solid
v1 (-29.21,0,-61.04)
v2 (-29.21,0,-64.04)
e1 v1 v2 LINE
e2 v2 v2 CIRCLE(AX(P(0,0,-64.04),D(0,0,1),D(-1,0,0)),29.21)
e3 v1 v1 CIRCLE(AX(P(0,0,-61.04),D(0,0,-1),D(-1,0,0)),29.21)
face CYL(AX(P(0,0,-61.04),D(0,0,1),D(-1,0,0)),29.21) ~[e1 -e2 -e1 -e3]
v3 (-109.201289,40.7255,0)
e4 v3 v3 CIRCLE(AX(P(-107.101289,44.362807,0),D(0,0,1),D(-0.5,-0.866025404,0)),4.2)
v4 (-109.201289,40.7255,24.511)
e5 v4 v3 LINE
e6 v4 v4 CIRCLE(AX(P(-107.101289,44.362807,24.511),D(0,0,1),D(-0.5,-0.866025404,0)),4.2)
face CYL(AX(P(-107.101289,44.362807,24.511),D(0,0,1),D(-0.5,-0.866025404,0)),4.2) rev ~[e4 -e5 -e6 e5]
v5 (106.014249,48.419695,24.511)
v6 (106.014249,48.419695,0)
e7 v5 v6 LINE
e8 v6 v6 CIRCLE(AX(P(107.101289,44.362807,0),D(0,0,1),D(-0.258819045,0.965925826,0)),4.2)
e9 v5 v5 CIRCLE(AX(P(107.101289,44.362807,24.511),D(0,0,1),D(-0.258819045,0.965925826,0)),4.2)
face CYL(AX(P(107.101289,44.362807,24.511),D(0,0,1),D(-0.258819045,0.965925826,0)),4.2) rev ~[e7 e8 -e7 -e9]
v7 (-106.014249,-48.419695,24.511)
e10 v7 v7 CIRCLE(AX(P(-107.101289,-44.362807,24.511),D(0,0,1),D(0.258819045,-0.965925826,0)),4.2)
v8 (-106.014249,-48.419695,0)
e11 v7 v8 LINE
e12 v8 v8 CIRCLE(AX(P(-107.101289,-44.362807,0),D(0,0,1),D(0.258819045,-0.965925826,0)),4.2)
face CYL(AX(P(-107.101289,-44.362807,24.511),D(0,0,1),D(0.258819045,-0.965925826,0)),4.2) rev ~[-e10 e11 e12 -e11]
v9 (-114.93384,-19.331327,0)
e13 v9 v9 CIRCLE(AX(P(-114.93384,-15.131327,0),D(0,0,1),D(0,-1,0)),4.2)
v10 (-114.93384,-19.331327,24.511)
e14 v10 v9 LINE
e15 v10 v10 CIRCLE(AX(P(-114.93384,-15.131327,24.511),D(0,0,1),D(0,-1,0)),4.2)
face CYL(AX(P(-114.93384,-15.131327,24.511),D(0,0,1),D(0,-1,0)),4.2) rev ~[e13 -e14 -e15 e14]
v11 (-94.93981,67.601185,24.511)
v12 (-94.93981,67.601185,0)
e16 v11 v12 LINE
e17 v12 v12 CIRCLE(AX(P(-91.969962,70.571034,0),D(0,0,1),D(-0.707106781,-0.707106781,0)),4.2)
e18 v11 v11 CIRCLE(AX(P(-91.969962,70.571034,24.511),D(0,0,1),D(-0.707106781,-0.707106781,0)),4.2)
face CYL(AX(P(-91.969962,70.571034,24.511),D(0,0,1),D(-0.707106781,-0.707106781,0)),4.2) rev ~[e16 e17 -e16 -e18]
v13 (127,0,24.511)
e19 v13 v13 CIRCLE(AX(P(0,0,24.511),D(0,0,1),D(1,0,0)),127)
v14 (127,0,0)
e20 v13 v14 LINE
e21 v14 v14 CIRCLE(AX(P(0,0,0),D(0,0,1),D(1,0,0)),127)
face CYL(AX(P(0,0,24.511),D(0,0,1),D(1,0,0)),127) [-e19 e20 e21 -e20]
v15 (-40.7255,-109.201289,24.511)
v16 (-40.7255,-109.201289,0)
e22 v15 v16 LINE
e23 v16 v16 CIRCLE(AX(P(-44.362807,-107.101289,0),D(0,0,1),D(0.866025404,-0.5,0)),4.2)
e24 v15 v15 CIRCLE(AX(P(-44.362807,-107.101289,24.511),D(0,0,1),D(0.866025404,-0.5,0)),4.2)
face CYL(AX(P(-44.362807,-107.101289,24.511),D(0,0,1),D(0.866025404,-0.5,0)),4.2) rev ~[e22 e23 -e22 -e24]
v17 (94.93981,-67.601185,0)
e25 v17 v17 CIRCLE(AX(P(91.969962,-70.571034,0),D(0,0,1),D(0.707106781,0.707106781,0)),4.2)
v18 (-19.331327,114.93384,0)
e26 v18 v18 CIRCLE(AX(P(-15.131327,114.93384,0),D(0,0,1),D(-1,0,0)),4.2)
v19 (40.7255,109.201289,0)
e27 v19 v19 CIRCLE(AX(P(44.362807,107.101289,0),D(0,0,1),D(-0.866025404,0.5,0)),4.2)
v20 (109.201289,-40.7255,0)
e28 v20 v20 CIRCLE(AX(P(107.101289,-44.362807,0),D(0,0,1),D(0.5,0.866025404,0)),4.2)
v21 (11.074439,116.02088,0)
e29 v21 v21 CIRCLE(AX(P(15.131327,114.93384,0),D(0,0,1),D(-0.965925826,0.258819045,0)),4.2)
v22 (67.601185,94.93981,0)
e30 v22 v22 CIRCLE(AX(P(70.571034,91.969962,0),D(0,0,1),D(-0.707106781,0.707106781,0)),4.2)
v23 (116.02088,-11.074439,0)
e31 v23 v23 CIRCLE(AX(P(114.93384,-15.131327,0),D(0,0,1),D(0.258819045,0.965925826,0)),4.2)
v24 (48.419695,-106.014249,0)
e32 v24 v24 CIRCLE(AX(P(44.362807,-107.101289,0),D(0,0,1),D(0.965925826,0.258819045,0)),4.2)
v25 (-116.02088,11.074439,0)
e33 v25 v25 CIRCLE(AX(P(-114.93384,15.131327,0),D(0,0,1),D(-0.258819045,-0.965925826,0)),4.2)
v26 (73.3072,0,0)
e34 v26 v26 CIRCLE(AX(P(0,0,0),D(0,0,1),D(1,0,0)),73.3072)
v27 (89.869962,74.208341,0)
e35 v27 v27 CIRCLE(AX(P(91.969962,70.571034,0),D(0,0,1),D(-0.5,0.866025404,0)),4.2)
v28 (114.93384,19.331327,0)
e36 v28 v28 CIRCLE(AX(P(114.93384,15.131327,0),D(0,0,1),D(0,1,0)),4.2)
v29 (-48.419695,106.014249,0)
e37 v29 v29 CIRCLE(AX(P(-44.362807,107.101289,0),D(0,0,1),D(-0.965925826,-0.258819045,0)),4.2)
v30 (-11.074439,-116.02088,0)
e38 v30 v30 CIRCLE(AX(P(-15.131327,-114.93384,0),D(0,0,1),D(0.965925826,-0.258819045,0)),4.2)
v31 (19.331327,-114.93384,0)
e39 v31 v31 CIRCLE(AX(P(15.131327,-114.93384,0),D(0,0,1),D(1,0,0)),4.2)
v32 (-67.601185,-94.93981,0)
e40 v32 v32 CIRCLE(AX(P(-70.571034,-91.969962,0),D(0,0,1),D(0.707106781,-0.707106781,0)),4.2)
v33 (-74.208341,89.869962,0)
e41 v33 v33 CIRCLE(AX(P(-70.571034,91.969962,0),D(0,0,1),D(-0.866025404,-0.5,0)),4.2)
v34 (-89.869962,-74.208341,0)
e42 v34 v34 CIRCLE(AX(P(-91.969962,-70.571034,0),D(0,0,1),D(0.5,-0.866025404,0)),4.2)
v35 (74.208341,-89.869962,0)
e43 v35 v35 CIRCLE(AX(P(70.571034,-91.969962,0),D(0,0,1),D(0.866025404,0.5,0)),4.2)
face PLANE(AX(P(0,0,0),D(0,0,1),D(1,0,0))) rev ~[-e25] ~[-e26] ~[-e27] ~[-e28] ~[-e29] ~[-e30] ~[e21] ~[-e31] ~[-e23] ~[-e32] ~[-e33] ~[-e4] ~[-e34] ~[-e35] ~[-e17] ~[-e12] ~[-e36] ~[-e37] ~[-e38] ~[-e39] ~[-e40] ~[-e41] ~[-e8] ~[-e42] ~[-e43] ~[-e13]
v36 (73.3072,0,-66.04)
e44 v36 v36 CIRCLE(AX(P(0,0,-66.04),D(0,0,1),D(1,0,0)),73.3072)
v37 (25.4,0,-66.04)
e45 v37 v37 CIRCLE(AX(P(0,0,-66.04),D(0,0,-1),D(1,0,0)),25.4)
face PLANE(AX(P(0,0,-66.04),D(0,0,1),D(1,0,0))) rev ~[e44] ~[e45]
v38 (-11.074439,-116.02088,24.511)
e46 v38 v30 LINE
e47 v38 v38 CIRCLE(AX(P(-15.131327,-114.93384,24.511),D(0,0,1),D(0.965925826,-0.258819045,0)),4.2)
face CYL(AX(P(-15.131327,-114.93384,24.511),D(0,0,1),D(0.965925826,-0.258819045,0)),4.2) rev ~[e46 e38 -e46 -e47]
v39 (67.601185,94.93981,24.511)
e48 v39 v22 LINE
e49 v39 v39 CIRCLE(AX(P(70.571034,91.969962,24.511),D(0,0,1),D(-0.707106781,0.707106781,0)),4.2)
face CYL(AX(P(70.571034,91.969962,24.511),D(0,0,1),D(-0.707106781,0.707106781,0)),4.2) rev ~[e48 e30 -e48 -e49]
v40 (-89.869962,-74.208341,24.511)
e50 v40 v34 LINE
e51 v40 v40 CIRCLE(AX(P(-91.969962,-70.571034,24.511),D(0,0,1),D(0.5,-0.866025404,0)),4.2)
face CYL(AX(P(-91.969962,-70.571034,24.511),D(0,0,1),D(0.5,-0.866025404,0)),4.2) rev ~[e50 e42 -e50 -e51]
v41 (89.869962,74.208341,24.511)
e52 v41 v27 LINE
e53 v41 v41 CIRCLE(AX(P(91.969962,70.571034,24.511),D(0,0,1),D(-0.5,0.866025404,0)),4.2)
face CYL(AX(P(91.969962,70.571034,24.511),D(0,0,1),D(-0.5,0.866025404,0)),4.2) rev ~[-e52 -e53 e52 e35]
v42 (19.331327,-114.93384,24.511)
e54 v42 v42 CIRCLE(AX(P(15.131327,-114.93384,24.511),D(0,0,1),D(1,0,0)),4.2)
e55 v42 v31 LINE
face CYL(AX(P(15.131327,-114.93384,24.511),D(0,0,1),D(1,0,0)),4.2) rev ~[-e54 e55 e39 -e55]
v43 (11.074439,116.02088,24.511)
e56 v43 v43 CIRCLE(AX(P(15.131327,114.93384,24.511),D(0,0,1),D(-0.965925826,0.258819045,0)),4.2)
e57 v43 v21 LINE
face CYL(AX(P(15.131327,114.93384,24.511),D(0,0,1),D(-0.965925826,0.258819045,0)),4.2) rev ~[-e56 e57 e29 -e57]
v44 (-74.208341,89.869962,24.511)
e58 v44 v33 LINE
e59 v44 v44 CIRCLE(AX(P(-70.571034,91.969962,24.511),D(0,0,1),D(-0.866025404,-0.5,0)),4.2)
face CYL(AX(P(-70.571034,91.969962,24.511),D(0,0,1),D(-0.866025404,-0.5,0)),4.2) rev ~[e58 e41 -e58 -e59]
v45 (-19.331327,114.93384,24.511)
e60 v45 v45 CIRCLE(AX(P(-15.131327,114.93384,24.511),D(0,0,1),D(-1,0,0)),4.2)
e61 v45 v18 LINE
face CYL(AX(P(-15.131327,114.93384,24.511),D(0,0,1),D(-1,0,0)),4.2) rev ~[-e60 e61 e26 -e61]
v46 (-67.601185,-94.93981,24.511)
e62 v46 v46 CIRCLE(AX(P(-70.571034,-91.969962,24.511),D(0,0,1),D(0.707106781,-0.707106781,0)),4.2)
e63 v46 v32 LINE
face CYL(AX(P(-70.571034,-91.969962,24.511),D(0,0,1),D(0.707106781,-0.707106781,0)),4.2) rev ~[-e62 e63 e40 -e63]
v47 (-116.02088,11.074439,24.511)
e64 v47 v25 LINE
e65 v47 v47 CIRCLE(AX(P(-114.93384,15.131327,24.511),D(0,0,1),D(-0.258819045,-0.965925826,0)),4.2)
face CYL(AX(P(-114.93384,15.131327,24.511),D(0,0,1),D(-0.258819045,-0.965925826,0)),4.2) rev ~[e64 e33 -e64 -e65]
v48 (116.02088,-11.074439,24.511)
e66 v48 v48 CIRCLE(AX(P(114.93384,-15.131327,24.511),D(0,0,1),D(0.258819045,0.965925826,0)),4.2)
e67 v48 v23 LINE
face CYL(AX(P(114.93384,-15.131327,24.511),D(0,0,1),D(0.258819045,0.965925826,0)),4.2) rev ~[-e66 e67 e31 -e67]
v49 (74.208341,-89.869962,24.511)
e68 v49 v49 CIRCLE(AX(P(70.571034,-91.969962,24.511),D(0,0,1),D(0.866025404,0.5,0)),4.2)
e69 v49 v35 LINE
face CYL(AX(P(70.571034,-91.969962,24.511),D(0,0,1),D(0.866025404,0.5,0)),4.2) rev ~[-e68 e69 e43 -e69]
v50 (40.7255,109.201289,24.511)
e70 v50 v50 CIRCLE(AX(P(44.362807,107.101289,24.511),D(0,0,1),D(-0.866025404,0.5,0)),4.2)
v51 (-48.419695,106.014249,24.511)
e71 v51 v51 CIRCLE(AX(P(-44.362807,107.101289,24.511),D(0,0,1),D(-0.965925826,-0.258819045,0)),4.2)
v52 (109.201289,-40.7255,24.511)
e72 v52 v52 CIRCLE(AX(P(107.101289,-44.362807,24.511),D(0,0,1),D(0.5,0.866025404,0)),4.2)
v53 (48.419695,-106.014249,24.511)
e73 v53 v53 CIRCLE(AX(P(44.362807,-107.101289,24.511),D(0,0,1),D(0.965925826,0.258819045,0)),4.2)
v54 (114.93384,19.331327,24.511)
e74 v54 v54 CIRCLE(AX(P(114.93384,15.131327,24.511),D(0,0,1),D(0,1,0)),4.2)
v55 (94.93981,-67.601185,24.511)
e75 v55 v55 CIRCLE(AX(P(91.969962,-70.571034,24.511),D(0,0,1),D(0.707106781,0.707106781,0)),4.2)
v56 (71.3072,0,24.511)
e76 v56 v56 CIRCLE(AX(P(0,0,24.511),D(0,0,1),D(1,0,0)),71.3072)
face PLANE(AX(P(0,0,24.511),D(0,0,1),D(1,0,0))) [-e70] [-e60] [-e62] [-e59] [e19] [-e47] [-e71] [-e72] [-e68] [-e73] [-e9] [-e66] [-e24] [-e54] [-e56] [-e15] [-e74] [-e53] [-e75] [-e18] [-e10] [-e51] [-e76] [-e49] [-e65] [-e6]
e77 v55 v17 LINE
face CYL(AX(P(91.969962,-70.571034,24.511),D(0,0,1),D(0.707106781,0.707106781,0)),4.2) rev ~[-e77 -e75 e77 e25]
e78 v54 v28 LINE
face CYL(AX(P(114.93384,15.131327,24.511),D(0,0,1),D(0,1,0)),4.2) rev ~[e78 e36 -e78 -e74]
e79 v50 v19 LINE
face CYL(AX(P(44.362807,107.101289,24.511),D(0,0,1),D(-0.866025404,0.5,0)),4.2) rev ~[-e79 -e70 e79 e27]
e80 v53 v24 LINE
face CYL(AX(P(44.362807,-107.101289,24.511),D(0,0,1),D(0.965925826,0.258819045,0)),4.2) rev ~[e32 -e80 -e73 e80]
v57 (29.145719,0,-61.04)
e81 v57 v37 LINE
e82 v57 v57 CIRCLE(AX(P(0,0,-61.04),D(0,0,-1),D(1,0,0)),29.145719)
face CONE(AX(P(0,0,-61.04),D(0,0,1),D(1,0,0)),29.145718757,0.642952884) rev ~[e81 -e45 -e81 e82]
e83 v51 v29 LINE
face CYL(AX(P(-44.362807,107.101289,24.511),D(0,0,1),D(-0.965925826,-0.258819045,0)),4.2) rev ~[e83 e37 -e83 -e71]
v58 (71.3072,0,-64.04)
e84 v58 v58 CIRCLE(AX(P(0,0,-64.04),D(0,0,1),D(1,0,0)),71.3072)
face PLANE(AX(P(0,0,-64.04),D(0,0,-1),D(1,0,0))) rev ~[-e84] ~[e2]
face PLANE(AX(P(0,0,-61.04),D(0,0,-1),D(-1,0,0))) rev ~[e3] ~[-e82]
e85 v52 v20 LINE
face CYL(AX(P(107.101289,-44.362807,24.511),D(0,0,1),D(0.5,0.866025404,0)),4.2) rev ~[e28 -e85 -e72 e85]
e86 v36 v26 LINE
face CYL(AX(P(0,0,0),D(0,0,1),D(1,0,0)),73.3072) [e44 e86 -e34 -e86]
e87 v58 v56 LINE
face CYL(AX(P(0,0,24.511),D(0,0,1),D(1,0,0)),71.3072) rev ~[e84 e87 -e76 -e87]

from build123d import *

# Parameters (mm, degrees)
SKETCH1_R          = 73.3072
SKETCH1_R_2        = 71.3072
EXTRUDE1_DEPTH     = 66.04
EXTRUDE2_START     = 24.511
SKETCH2_R          = 127
SKETCH2_R_2        = 71.3072
EXTRUDE2_DEPTH     = 24.511
CUT_EXTRUDE1_REACH = 203.14
SKETCH3_R          = 4.2
CIRPATTERN1_COUNT  = 24
EXTRUDE3_START     = -2
SKETCH4_R          = 73.3072
SKETCH4_R_2        = 25.4
EXTRUDE3_DEPTH     = 2
EXTRUDE5_START     = -5
SKETCH8_R          = 29.21
SKETCH8_R_2        = 25.4
EXTRUDE5_DEPTH     = 5


with BuildPart() as part:
    # Sketch1 → Extrude1 (new body)
    with BuildSketch(Plane.XY):
        Circle(SKETCH1_R)
        Circle(SKETCH1_R_2, mode=Mode.SUBTRACT)
    extrude(amount=-EXTRUDE1_DEPTH)

    # Sketch2 → Extrude2 (add)
    with BuildSketch(Plane.XY.offset(EXTRUDE2_START)):
        Circle(SKETCH2_R)
        Circle(SKETCH2_R_2, mode=Mode.SUBTRACT)
    extrude(amount=-EXTRUDE2_DEPTH)

    # Sketch3 → Cut-Extrude1 (cut, up to next)
    with BuildSketch(Plane.XY.offset(24.511), mode=Mode.PRIVATE) as cut_extrude1_sk1:
        with Locations((15.131327149, -114.933840422)):
            Circle(SKETCH3_R)
    cut_extrude1_tool1 = extrude(cut_extrude1_sk1.sketch, amount=-CUT_EXTRUDE1_REACH, mode=Mode.PRIVATE) & part.part
    cut_extrude1 = cut_extrude1_tool1.solids().sort_by_distance((15.131327, -114.93384, 24.511))[0]
    add(cut_extrude1, mode=Mode.SUBTRACT)

    # CirPattern1: Cut-Extrude1 ×24 about axis
    cirpattern1_axis = Axis((0, 0, 0), (0, 0, 1))
    for i in range(1, CIRPATTERN1_COUNT):
        add(cut_extrude1.rotate(cirpattern1_axis, i * 360 / CIRPATTERN1_COUNT), mode=Mode.SUBTRACT)

    # Sketch4 → Extrude3 (add)
    with BuildSketch(Plane(origin=(0, 0, -66.04), x_dir=(-1, 0, 0), z_dir=(0, 0, -1)).offset(EXTRUDE3_START)):
        with Locations(Location((0, 0, 0), (0, 0, 180))):
            Circle(SKETCH4_R)
        Circle(SKETCH4_R_2, mode=Mode.SUBTRACT)
    extrude(amount=EXTRUDE3_DEPTH)

    # Sketch8 → Extrude5 (add)
    with BuildSketch(Plane(origin=(0, 0, -66.04), x_dir=(-1, 0, 0), z_dir=(0, 0, -1)).offset(EXTRUDE5_START)):
        Circle(SKETCH8_R)
        Circle(SKETCH8_R_2, mode=Mode.SUBTRACT)
    extrude(amount=EXTRUDE5_DEPTH)

    # Sketch9 → Cut-Revolve1 (revolve, cut)
    with BuildSketch(Plane(origin=(0, 0, 0), x_dir=(1, 0, 0), z_dir=(0, 1, 0)), mode=Mode.PRIVATE) as cut_revolve1_sk:
        Polygon((-29.145718757, 61.04), (-25.4, 66.04), (-25.4, 61.04), align=None)
    revolve(cut_revolve1_sk.sketch.rotate(Axis((0, 0, 0), (0, 0, -1)), 180), axis=Axis((0, 0, 0), (0, 0, -1)), mode=Mode.SUBTRACT)


solid = part.part
